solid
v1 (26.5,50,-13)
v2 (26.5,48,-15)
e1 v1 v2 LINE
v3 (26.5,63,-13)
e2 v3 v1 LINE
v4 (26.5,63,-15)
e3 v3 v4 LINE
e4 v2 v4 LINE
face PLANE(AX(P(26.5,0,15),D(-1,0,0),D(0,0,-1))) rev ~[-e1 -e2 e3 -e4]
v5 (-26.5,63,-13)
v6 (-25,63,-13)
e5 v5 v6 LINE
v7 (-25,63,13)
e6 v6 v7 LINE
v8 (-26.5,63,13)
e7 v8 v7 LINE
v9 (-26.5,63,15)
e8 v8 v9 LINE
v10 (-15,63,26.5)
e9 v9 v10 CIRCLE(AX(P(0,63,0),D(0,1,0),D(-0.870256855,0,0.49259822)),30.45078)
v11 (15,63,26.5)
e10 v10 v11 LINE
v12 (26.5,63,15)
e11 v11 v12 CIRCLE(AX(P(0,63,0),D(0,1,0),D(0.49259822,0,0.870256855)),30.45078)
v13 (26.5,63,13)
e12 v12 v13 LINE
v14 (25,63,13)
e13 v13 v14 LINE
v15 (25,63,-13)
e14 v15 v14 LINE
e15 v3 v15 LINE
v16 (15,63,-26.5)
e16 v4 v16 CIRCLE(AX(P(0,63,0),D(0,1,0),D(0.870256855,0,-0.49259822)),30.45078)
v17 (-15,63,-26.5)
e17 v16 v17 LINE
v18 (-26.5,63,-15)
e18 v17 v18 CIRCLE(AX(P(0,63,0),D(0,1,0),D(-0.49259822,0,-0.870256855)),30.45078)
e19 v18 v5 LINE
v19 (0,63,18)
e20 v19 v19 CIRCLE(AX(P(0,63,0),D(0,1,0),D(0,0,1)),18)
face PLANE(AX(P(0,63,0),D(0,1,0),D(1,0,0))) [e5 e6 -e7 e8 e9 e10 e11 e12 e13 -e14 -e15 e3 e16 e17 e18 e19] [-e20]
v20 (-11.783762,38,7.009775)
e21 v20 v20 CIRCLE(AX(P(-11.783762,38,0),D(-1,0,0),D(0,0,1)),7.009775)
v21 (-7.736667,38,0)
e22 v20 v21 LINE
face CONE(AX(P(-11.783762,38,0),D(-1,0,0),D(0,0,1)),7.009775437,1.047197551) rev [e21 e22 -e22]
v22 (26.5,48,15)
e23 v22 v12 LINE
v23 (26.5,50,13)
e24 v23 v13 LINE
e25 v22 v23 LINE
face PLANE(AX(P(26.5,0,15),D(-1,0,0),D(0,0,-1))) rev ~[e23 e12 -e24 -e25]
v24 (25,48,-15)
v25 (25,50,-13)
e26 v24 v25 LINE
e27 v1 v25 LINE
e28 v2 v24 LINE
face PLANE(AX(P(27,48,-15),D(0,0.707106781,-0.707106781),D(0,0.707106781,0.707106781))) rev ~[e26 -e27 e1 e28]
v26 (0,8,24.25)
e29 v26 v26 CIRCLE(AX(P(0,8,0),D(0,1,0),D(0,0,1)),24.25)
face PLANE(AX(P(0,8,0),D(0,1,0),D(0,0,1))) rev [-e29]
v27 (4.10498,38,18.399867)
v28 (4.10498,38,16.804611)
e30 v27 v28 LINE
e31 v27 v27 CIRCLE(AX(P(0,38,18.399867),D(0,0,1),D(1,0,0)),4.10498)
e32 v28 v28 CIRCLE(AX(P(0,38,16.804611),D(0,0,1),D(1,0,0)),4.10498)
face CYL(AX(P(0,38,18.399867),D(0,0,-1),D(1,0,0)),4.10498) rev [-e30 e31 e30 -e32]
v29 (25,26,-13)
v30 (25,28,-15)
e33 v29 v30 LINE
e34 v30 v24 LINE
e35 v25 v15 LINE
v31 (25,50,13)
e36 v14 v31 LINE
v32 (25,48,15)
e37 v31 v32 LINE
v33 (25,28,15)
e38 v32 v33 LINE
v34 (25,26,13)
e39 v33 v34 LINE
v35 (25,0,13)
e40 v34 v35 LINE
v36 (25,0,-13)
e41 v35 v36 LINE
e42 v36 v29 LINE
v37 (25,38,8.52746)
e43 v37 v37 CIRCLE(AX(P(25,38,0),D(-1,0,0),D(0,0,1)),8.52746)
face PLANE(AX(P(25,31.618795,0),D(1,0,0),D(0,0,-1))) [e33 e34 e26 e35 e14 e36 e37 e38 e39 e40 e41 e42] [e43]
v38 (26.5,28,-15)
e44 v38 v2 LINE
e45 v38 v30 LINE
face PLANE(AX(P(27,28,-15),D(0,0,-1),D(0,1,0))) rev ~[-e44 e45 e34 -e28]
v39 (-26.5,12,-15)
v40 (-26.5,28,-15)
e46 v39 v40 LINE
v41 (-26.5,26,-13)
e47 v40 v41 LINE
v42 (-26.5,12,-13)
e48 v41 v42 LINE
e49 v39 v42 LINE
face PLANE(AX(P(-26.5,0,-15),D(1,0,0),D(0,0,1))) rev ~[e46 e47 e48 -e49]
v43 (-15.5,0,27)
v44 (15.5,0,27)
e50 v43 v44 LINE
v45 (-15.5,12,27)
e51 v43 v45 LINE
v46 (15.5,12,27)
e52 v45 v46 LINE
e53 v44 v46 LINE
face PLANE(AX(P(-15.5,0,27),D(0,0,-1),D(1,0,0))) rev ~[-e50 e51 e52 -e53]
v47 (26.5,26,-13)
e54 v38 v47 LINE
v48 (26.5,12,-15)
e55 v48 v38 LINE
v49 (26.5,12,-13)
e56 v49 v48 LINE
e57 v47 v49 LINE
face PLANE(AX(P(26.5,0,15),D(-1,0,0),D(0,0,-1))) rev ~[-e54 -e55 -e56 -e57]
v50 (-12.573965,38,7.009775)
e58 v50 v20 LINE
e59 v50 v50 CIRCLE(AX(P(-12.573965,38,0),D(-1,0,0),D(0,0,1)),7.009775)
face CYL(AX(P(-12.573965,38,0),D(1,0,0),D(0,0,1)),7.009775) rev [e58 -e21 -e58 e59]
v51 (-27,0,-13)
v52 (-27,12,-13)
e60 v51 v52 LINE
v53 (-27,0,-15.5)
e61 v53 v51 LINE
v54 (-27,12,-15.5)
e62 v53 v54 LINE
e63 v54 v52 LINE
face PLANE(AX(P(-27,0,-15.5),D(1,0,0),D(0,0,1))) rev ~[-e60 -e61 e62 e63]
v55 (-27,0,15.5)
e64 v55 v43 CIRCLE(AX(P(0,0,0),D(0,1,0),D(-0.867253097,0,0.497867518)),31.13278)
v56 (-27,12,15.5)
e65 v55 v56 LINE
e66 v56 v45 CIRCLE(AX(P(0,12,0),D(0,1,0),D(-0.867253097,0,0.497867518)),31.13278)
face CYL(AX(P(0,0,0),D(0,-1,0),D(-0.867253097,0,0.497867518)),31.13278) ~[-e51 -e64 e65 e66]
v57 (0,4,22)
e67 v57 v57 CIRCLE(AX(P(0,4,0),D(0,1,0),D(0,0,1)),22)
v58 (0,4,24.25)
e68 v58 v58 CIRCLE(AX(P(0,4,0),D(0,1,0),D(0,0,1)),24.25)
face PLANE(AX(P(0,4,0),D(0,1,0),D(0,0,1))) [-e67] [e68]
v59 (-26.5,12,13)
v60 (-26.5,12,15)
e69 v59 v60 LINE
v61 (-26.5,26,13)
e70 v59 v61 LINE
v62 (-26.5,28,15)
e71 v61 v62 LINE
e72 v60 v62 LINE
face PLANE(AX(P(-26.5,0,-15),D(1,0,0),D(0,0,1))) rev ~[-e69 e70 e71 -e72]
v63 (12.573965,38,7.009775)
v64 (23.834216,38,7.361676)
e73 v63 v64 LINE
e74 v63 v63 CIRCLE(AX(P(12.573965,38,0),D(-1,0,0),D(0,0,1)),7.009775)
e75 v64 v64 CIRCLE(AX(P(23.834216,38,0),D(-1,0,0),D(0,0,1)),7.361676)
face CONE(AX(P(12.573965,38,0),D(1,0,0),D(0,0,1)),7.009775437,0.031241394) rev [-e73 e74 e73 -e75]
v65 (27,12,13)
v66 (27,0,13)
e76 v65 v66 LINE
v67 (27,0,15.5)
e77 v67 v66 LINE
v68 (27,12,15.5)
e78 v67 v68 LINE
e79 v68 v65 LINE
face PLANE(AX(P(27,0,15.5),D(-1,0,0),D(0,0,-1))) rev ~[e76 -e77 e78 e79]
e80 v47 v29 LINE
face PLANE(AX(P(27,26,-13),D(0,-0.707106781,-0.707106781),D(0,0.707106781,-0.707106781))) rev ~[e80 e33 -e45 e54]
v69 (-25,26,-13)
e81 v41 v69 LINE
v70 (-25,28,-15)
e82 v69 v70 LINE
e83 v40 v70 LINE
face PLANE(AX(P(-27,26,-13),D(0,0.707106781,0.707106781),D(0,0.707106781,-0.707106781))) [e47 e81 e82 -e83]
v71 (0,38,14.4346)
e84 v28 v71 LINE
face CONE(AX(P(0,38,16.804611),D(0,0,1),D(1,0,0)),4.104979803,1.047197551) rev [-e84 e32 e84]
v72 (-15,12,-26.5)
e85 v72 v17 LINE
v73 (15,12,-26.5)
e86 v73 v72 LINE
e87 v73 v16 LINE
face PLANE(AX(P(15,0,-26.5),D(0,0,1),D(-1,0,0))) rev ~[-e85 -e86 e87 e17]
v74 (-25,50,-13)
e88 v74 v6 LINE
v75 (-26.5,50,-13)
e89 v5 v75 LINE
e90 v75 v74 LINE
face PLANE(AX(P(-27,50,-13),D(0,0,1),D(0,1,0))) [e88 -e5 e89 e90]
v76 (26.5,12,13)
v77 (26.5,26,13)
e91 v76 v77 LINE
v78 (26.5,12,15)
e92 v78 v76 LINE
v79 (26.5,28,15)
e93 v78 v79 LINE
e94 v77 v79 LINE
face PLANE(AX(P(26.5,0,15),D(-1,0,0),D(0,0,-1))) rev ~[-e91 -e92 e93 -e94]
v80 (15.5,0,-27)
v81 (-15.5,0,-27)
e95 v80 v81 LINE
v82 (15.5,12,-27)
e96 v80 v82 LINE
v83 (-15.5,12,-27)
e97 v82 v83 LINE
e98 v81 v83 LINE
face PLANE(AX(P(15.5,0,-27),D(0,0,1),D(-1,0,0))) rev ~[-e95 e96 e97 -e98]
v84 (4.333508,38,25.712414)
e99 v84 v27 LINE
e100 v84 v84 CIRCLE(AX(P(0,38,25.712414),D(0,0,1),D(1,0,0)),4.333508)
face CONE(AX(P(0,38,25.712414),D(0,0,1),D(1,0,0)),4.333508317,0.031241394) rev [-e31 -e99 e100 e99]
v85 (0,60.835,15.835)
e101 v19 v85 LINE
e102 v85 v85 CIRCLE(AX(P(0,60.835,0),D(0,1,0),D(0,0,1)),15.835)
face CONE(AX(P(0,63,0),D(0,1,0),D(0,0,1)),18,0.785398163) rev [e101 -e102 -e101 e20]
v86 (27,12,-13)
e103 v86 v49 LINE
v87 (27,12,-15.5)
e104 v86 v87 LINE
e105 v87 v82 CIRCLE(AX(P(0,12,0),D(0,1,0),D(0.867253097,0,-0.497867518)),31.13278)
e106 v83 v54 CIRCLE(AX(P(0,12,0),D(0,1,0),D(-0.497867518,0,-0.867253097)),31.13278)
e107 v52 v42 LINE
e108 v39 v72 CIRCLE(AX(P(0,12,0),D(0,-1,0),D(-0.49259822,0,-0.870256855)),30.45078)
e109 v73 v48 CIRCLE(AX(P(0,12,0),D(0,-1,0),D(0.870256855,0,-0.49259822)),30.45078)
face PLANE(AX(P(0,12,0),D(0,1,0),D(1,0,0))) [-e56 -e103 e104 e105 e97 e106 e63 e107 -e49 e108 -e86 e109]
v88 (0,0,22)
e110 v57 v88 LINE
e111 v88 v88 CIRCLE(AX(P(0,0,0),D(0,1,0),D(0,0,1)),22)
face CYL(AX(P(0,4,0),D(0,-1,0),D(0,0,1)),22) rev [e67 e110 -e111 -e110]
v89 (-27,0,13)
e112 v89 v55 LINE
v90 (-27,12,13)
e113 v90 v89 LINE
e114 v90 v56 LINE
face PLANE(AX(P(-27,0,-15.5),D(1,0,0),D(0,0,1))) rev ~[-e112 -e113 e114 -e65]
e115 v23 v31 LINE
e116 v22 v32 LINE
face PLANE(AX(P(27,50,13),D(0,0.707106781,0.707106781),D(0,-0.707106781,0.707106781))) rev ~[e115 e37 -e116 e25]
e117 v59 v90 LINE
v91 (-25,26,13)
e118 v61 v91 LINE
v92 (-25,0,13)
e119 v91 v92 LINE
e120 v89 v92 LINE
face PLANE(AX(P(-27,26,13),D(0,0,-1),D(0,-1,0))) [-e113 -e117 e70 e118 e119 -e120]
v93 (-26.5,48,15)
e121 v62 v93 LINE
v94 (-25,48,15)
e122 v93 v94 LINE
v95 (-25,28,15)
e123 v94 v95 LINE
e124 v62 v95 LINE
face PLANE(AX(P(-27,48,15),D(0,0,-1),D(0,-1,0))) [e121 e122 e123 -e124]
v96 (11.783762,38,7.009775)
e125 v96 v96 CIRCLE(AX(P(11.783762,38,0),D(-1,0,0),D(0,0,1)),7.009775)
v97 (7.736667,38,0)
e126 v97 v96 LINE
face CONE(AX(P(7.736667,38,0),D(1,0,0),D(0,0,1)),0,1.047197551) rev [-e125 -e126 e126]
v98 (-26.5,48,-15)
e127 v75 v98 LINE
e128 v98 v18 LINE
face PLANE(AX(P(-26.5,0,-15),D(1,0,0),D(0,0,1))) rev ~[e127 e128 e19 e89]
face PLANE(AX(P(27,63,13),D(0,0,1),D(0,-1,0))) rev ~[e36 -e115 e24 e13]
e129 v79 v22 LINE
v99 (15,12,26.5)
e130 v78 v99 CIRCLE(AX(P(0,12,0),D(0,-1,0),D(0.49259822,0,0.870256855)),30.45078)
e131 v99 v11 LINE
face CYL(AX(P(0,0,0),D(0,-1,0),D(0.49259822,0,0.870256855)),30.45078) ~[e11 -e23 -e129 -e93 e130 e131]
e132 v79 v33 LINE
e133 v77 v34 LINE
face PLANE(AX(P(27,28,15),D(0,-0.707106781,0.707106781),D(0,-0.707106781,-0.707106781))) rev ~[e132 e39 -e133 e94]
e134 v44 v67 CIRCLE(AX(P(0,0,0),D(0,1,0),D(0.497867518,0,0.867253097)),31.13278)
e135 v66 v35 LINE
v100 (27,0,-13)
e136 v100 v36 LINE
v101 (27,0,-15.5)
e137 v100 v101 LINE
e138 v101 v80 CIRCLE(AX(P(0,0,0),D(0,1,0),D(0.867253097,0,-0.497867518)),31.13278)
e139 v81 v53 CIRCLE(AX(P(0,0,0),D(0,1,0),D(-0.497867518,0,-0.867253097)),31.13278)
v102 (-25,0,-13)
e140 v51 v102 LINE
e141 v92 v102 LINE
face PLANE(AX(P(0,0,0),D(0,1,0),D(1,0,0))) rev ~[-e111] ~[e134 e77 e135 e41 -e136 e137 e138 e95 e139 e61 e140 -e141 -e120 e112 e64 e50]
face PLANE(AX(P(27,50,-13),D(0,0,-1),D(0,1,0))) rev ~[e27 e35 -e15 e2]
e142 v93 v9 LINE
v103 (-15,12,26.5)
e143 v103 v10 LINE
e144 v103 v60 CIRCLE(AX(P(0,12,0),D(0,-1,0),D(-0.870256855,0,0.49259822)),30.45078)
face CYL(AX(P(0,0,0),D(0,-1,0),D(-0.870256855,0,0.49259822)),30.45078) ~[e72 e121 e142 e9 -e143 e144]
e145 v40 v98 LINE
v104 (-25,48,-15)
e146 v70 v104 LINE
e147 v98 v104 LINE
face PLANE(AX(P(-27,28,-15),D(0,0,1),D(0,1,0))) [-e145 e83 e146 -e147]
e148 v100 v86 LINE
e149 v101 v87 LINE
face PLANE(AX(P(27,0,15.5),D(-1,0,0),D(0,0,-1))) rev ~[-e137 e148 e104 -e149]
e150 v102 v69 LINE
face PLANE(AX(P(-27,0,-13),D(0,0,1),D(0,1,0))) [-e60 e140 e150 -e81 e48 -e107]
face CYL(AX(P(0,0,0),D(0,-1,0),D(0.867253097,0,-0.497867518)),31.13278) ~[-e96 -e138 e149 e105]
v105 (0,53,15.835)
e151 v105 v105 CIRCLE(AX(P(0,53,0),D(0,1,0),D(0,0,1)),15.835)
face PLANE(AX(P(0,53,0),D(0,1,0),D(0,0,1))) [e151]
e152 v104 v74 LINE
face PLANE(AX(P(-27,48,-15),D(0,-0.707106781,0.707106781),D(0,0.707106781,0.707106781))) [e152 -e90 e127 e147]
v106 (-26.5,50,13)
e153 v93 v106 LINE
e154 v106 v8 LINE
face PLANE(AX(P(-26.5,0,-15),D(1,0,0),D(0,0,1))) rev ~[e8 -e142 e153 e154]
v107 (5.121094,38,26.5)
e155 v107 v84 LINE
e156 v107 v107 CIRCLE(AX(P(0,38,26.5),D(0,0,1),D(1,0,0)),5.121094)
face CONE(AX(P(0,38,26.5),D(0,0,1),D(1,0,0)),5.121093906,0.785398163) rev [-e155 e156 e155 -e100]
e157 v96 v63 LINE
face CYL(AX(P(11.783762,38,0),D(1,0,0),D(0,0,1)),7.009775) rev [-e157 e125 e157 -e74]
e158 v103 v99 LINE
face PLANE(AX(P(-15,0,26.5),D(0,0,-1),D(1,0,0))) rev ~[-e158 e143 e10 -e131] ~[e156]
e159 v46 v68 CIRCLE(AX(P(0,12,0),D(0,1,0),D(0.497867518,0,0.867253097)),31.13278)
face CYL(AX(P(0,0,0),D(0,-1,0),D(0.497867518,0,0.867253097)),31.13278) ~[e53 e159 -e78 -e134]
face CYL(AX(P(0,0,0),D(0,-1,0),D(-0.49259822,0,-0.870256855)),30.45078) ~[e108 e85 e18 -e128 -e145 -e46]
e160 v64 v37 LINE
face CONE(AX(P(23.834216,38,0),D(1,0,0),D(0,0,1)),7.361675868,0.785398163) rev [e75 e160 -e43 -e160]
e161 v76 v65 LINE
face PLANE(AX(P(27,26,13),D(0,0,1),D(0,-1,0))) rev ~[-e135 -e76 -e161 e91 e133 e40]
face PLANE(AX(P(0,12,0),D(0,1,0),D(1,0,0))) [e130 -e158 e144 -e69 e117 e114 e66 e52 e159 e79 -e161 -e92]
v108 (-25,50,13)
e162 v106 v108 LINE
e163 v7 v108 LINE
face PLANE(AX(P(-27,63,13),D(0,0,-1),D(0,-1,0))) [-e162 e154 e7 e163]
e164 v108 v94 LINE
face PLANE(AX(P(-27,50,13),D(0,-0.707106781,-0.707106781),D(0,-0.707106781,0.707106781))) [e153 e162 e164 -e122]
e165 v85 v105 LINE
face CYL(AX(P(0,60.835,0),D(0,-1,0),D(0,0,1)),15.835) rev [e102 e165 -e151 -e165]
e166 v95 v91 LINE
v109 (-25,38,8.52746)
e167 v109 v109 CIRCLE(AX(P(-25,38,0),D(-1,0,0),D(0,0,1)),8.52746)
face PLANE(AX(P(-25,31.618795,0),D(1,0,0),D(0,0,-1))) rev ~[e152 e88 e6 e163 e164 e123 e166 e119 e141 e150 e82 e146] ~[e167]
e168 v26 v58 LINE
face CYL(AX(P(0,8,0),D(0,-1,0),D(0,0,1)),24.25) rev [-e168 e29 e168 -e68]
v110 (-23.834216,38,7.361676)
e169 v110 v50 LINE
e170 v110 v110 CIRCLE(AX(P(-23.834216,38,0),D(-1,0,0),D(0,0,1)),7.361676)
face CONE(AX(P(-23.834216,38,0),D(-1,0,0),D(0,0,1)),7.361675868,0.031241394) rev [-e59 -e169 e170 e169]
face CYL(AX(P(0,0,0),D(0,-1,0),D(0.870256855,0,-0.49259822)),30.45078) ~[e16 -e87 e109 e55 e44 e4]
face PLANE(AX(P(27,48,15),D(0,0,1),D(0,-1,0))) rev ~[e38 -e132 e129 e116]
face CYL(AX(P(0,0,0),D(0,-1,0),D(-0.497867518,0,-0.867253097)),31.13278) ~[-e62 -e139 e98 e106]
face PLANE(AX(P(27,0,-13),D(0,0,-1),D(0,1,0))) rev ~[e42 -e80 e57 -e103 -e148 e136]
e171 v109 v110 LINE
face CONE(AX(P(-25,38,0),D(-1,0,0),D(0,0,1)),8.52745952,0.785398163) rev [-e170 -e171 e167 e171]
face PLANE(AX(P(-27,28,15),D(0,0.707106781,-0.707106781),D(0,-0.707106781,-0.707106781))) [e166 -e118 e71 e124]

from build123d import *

# Parameters (mm, degrees)
EXTRUDE_1_DEPTH     = 63
EXTRUDE_2_DEPTH     = 12
CUT_EXTRUDE_1_DEPTH = 2
CUT_EXTRUDE_2_DEPTH = 2


with BuildPart() as part:
    # 草图1 → 凸台-拉伸1 (new body)
    with BuildSketch(Plane(origin=(0, 0, 0), x_dir=(1, 0, 0), z_dir=(0, 1, 0))):
        with BuildLine():
            Line((-26.5, 15), (-26.5, -15))
            ThreePointArc((-26.5, -15), (-21.531953, -21.531953), (-15, -26.5))
            Line((-15, -26.5), (15, -26.5))
            ThreePointArc((15, -26.5), (21.531953, -21.531953), (26.5, -15))
            Line((26.5, -15), (26.5, 15))
            ThreePointArc((26.5, 15), (21.531953, 21.531953), (15, 26.5))
            Line((15, 26.5), (-15, 26.5))
            ThreePointArc((-15, 26.5), (-21.531953, 21.531953), (-26.5, 15))
        make_face()
    extrude(amount=EXTRUDE_1_DEPTH)

    # 草图2 → 凸台-拉伸2 (add)
    with BuildSketch(Plane(origin=(0, 0, 0), x_dir=(1, 0, 0), z_dir=(0, 1, 0))):
        with BuildLine():
            Line((-27, 15.5), (-27, -15.5))
            ThreePointArc((-27, -15.5), (-22.014199963, -22.014199963), (-15.5, -27))
            Line((-15.5, -27), (15.5, -27))
            ThreePointArc((15.5, -27), (22.014199963, -22.014199963), (27, -15.5))
            Line((27, -15.5), (27, 15.5))
            ThreePointArc((27, 15.5), (22.014199963, 22.014199963), (15.5, 27))
            Line((15.5, 27), (-15.5, 27))
            ThreePointArc((-15.5, 27), (-22.014199963, 22.014199963), (-27, 15.5))
        make_face()
    extrude(amount=EXTRUDE_2_DEPTH)

    # 草图3 → 切除-拉伸1 (cut)
    with BuildSketch(Plane(origin=(-27, 0, 0), x_dir=(0, 0, -1), z_dir=(1, 0, 0))):
        Polygon((-15, 48), (-15, 28), (-13, 26), (-13, 0), (13, 0), (13, 26), (15, 28), (15, 48), (13, 50), (13, 63), (-13, 63), (-13, 50), align=None)
    extrude(amount=CUT_EXTRUDE_1_DEPTH, mode=Mode.SUBTRACT)

    # 草图4 → 切除-拉伸2 (cut)
    with BuildSketch(Plane(origin=(27, 0, 0), x_dir=(0, 0, -1), z_dir=(1, 0, 0))):
        Polygon((-15, 48), (-15, 28), (-13, 26), (-13, 0), (13, 0), (13, 26), (15, 28), (15, 48), (13, 50), (13, 63), (-13, 63), (-13, 50), align=None)
    extrude(amount=-CUT_EXTRUDE_2_DEPTH, mode=Mode.SUBTRACT)

    # 草图5 → 切除-旋转1 (revolve, cut)
    with BuildSketch(Plane.XY):
        Polygon((0, 63), (18, 63), (15.835, 60.835), (15.835, 53), (0, 53), align=None)
    revolve(axis=Axis((0, 53, 0), (0, 1, 0)), mode=Mode.SUBTRACT)

    # 草图6 → 切除-旋转2 (revolve, cut)
    with BuildSketch(Plane.XY):
        Polygon((0, 8), (24.25, 8), (24.25, 4), (22, 4), (22, 0), (0, 0), align=None)
    revolve(axis=Axis((0, 0, 0), (0, 1, 0)), mode=Mode.SUBTRACT)

    # 草图7 → 切除-旋转3 (revolve, cut)
    with BuildSketch(Plane.XY):
        Polygon((-25, 38), (-25, 46.52745952), (-23.834216348, 45.361675868), (-12.573965271, 45.009775437), (-11.783762402, 45.009775437), (-7.736666667, 38), align=None)
    revolve(axis=Axis((-7.736666667, 38, 0), (-1, 0, 0)), mode=Mode.SUBTRACT)

    # 草图8 → 切除-旋转4 (revolve, cut)
    with BuildSketch(Plane.XY):
        Polygon((7.736666667, 38), (11.783762402, 45.009775437), (12.573965271, 45.009775437), (23.834216348, 45.361675868), (25, 46.52745952), (25, 38), align=None)
    revolve(axis=Axis((25, 38, 0), (-1, 0, 0)), mode=Mode.SUBTRACT)

    # 草图9 → 切除-旋转5 (revolve, cut)
    with BuildSketch(Plane(origin=(0, 0, 0), x_dir=(0, 0, -1), z_dir=(1, 0, 0))):
        Polygon((-26.5, 38), (-26.5, 43.121093906), (-25.712414411, 42.333508317), (-18.399867395, 42.104979803), (-16.804611194, 42.104979803), (-14.4346, 38), align=None)
    revolve(axis=Axis((0, 38, 14.4346), (0, 0, 1)), mode=Mode.SUBTRACT)


solid = part.part
